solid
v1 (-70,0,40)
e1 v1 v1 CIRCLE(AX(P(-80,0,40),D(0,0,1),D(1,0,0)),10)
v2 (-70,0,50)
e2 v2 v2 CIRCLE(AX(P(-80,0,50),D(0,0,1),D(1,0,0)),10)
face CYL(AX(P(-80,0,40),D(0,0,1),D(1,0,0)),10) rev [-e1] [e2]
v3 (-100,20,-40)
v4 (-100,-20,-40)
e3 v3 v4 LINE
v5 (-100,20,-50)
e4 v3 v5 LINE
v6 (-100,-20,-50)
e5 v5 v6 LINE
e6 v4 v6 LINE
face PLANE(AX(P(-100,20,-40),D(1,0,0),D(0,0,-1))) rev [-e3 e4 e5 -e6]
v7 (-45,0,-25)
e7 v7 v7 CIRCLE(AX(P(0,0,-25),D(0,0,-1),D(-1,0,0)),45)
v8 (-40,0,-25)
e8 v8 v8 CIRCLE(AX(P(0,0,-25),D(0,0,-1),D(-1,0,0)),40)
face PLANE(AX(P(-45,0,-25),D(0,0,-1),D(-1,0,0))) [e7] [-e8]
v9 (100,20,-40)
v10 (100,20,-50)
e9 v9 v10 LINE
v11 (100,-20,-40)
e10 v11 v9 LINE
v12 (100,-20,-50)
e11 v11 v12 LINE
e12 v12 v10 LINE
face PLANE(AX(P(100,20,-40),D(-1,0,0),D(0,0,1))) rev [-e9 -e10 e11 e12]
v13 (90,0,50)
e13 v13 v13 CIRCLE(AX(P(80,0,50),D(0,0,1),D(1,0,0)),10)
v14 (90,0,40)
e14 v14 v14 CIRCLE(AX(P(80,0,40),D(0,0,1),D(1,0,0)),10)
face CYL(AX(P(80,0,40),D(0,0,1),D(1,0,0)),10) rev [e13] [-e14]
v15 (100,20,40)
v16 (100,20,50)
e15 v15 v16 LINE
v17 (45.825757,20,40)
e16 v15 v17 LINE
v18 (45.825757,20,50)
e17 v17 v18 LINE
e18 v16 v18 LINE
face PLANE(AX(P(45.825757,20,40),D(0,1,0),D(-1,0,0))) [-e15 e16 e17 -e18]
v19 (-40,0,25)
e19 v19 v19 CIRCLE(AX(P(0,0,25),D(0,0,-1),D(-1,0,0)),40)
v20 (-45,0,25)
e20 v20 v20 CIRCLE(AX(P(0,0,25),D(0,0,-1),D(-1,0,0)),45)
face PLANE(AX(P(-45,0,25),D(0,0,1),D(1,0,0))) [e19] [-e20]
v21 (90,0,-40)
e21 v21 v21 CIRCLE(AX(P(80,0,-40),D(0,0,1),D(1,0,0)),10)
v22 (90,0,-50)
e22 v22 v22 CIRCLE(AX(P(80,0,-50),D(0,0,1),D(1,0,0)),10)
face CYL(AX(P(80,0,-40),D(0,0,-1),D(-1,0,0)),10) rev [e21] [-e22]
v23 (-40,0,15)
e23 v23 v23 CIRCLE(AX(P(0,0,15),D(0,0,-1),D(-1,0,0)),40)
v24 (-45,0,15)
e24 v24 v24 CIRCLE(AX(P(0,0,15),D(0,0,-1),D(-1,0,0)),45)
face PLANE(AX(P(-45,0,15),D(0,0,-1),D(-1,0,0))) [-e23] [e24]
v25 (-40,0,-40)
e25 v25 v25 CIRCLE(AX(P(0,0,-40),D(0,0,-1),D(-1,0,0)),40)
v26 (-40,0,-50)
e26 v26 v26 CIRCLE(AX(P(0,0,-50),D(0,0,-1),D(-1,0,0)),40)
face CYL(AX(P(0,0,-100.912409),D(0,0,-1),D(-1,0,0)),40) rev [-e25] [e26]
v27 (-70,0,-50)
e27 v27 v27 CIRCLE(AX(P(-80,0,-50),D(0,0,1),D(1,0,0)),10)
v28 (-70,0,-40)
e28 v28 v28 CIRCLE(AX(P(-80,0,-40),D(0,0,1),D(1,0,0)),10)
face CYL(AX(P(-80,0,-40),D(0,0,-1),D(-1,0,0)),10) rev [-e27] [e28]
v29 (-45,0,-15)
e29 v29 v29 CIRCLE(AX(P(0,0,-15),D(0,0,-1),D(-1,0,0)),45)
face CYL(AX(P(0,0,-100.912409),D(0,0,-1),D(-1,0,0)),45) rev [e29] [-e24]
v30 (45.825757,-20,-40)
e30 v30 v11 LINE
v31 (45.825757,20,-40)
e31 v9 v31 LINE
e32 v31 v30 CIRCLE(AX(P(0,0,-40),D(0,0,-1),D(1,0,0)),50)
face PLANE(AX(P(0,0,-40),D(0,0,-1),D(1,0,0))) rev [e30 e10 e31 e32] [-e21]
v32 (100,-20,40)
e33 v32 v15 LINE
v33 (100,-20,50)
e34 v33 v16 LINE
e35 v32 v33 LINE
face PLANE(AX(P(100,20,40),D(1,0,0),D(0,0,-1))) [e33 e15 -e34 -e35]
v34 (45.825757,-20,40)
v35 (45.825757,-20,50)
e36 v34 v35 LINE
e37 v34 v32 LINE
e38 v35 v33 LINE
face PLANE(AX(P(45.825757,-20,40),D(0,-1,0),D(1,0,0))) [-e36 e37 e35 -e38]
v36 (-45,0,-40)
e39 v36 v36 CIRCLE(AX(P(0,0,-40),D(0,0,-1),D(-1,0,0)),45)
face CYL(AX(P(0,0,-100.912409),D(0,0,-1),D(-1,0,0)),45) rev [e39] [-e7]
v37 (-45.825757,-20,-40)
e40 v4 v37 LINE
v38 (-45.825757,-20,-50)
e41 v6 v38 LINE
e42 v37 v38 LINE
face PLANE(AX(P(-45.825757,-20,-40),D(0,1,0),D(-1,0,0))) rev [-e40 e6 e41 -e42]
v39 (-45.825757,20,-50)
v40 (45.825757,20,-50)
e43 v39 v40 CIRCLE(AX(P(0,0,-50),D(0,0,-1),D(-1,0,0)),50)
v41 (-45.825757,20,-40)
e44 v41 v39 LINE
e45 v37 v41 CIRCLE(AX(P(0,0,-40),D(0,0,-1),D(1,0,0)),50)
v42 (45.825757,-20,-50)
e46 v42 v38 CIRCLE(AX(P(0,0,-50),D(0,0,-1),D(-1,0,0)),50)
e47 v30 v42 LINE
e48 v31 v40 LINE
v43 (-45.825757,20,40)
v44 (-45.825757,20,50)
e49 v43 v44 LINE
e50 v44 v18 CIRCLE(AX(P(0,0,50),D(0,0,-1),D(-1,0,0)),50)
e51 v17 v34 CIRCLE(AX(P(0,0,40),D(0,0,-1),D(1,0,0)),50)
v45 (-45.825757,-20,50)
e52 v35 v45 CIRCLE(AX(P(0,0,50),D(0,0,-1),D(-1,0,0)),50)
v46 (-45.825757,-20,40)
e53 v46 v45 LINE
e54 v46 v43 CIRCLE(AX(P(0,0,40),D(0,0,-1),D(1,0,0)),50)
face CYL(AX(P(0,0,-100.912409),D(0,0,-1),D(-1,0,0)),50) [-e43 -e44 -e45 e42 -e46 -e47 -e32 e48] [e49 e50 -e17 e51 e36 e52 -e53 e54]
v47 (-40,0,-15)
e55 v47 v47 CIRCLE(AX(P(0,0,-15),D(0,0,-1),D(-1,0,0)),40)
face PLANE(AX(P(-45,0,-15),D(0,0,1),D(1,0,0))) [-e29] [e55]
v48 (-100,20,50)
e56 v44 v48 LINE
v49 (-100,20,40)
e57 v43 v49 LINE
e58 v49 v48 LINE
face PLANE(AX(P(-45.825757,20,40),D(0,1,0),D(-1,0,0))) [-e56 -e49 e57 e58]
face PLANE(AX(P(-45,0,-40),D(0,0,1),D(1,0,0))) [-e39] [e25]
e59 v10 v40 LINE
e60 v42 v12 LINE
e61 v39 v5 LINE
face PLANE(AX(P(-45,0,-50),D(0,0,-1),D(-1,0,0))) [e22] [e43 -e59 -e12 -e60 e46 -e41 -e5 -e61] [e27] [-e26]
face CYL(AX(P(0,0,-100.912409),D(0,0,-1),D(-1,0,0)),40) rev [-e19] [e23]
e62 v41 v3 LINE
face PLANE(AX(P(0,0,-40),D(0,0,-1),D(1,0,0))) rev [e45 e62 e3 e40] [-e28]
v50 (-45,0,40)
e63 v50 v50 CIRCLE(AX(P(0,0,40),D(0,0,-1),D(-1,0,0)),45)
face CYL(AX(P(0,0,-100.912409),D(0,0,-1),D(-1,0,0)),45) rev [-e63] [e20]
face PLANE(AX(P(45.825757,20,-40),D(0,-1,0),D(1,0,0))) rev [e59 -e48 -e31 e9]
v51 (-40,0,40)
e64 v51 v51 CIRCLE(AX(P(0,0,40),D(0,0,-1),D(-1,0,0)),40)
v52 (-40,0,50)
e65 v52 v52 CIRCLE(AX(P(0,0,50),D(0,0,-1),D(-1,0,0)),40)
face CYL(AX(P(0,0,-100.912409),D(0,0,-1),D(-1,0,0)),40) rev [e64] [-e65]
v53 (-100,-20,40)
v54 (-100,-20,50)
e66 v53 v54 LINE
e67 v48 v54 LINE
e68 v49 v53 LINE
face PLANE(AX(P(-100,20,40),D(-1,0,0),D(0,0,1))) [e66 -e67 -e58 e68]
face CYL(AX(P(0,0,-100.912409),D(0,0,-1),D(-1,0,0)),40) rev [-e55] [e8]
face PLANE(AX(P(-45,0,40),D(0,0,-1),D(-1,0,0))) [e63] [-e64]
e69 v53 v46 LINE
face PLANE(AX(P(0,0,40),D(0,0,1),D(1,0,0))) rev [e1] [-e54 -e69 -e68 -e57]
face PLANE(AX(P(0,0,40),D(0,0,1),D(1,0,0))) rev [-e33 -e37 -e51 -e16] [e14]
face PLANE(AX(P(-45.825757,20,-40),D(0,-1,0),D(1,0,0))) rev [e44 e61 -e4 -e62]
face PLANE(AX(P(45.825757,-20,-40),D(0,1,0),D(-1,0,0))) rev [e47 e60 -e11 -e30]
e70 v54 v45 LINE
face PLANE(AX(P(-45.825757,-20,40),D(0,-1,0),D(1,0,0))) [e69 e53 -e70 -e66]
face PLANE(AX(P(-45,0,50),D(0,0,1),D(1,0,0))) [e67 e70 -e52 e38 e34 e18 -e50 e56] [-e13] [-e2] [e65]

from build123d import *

# Parameters (mm, degrees)
SKETCH2_R           = 10
BOSS_EXTRUDE1_DEPTH = 10


with BuildPart() as part:
    # Sketch1 → Revolve1 (revolve)
    with BuildSketch(Plane(origin=(0, 0, 0), x_dir=(1, 0, 0), z_dir=(0, 1, 0))):
        Polygon((-50, 50), (-50, -50), (-45, -50), (-40, -50), (-40, -40), (-45, -40), (-45, -25), (-40, -25), (-40, -15), (-45, -15), (-45, 15), (-40, 15), (-40, 25), (-45, 25), (-45, 40), (-40, 40), (-40, 50), (-45, 50), align=None)
    revolve(axis=Axis((0, 0, -100.912408759), (0, 0, 1)))

    # Sketch2 → Boss-Extrude1 (add)
    # profile 1 of 2: a face of its own
    with BuildSketch(Plane.XY.offset(50)):
        with BuildLine():
            Line((45.82575695, 20), (100, 20))
            Line((100, 20), (100, -20))
            Line((100, -20), (45.82575695, -20))
            ThreePointArc((45.82575695, -20), (50, 0), (45.82575695, 20))
        make_face()
        with Locations((80, 0)):
            Circle(SKETCH2_R, mode=Mode.SUBTRACT)
    # profile 2 of 2: a face of its own
    with BuildSketch(Plane.XY.offset(50)):
        with BuildLine():
            Line((-100, 20), (-100, -20))
            Line((-100, -20), (-45.82575695, -20))
            ThreePointArc((-45.82575695, -20), (-50, 0), (-45.82575695, 20))
            Line((-45.82575695, 20), (-100, 20))
        make_face()
        with Locations((-80, 0)):
            Circle(SKETCH2_R, mode=Mode.SUBTRACT)
    boss_extrude1 = extrude(amount=-BOSS_EXTRUDE1_DEPTH)

    # Mirror1: Boss-Extrude1 across plane
    add(boss_extrude1.mirror(Plane.XY))


solid = part.part
